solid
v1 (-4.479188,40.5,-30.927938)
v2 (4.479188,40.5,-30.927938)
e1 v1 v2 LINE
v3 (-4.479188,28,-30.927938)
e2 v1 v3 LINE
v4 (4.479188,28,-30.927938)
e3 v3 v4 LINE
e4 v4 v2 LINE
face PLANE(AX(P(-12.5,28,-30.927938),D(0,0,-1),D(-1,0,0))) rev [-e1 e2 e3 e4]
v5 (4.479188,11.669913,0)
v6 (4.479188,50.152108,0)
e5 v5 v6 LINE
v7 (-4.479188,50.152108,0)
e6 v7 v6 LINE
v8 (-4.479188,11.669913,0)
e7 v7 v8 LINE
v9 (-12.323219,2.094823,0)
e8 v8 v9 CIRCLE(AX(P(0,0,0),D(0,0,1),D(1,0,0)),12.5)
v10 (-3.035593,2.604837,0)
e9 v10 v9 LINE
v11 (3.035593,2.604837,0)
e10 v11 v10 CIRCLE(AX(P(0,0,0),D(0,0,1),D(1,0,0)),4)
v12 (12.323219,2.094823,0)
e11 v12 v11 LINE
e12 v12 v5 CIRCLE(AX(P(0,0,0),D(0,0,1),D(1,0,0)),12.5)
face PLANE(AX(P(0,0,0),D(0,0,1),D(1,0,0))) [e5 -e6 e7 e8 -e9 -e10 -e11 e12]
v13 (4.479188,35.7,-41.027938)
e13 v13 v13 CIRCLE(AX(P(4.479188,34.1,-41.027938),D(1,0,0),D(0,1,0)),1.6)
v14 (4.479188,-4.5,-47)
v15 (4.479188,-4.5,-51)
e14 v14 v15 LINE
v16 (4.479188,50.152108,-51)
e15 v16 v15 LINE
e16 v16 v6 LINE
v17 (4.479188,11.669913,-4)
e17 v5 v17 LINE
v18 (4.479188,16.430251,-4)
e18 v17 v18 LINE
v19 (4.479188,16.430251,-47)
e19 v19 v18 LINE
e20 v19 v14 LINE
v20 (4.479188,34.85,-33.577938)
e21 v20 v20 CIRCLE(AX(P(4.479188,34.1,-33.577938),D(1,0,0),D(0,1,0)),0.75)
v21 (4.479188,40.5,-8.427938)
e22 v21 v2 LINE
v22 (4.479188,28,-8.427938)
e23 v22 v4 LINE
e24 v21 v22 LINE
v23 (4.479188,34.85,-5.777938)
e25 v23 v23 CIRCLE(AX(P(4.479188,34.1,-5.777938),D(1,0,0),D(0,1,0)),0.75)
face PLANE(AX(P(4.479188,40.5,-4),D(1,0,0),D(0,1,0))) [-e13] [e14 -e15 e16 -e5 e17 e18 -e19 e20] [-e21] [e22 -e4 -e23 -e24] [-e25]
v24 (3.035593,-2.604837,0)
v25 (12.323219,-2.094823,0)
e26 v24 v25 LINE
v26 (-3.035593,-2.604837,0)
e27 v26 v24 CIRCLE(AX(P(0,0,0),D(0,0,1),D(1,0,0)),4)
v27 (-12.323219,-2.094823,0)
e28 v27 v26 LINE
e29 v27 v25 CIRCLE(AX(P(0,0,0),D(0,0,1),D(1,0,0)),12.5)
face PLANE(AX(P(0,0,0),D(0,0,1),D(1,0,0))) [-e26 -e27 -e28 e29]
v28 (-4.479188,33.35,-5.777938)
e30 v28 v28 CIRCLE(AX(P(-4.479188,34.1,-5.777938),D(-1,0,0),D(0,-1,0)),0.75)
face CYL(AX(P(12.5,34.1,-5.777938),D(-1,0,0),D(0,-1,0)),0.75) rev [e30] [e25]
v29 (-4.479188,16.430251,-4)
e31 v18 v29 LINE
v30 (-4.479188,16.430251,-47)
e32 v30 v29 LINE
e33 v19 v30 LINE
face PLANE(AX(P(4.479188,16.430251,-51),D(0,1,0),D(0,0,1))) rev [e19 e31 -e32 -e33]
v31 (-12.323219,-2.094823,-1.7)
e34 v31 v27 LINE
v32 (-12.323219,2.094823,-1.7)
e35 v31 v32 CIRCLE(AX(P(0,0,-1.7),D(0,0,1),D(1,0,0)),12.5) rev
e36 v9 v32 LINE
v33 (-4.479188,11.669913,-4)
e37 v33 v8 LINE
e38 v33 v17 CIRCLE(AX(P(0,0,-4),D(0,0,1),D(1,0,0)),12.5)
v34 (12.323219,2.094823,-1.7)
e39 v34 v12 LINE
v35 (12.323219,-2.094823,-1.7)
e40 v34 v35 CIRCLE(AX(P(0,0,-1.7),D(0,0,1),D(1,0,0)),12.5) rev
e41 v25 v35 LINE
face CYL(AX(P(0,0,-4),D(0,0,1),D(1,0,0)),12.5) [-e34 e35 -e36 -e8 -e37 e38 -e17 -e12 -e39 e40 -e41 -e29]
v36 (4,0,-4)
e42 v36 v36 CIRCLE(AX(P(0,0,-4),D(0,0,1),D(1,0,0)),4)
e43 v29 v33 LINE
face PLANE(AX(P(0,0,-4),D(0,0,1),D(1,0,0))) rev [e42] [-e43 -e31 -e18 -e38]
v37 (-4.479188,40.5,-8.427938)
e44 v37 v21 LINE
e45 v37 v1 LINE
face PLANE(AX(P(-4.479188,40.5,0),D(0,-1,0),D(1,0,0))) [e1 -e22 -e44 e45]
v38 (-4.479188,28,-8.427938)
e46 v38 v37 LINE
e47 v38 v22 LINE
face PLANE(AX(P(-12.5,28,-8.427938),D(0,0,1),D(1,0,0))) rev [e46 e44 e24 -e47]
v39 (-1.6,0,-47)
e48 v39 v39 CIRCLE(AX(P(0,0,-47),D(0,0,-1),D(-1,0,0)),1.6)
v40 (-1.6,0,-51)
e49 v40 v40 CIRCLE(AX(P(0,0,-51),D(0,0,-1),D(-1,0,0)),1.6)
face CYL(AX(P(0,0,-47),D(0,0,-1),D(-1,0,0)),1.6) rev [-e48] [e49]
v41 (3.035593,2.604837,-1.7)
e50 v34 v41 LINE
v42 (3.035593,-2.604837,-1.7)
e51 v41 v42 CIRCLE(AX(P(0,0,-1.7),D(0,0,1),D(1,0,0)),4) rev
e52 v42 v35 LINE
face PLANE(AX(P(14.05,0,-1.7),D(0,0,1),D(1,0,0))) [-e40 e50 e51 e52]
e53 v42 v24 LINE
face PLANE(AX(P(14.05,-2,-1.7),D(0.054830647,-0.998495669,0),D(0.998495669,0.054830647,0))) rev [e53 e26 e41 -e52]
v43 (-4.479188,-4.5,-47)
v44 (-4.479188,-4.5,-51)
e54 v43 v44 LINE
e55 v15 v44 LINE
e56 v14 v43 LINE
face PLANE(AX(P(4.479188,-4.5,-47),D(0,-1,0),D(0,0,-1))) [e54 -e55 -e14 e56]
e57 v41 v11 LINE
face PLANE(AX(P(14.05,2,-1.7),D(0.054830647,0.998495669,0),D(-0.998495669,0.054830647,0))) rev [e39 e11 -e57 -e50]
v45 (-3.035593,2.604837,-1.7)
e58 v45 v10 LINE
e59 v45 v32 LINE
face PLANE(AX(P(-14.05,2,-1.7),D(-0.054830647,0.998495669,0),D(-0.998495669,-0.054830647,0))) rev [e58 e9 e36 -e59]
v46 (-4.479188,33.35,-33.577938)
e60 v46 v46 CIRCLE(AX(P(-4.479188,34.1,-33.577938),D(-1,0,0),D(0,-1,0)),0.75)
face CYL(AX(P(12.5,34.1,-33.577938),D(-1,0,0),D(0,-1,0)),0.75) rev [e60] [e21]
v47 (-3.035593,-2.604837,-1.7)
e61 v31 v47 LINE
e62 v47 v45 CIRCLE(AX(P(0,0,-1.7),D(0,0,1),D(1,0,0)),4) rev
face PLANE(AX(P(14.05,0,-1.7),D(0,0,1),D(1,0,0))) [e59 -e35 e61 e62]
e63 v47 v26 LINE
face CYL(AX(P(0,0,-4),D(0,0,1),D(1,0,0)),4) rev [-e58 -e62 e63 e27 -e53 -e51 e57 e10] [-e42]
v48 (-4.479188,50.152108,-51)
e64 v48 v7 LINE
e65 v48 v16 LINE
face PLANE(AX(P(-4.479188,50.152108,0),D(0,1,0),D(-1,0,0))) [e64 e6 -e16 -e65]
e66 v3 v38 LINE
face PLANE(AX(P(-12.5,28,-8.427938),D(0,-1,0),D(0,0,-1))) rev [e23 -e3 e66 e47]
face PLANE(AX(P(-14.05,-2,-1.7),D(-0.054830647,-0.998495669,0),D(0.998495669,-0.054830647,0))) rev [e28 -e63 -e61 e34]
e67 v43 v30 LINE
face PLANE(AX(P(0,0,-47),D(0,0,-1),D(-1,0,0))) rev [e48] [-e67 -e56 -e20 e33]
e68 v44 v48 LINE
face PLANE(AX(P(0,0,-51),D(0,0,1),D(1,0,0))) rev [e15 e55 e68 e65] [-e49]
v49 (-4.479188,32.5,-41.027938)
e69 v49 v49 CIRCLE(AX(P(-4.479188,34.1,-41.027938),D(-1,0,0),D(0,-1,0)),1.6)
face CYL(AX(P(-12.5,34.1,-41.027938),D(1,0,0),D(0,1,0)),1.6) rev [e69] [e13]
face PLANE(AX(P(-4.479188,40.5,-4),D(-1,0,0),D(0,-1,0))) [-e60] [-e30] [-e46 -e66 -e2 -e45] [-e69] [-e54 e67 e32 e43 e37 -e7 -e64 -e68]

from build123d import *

# Parameters (mm, degrees)
SKETCH1_R           = 12.5
SKETCH1_R_2         = 4
BOSS_EXTRUDE1_DEPTH = 4
CUT_EXTRUDE1_DEPTH  = 1.7
SKETCH3_W           = 8.958376624
SKETCH3_H           = 30
BOSS_EXTRUDE2_DEPTH = 4
SKETCH4_W           = 8.958376624
SKETCH4_H           = 24.069748571
BOSS_EXTRUDE3_DEPTH = 47
SKETCH5_W           = 8.958376624
SKETCH5_H           = 45
SKETCH5_R           = 1.6
BOSS_EXTRUDE4_DEPTH = 4
SKETCH6_W           = 22.5
SKETCH6_H           = 12.5
CUT_EXTRUDE2_DEPTH  = 68.301878397
SKETCH7_R           = 1.6
CUT_EXTRUDE3_DEPTH  = 68.301878397
SKETCH8_R           = 0.75
CUT_EXTRUDE4_DEPTH  = 68.301878397
SKETCH9_W           = 51
SKETCH9_H           = 9.652107549
BOSS_EXTRUDE5_DEPTH = 8.95837662


with BuildPart() as part:
    # Sketch1 → Boss-Extrude1 (new body)
    with BuildSketch(Plane.XY):
        Circle(SKETCH1_R)
        Circle(SKETCH1_R_2, mode=Mode.SUBTRACT)
    extrude(amount=-BOSS_EXTRUDE1_DEPTH)

    # Sketch2 → Cut-Extrude1 (cut)
    with BuildSketch(Plane.XY):
        with BuildLine():
            Line((14.05, 2), (3.035592941, 2.604836943))
            ThreePointArc((3.035592941, 2.604836943), (0, 4), (-3.035592941, 2.604836943))
            Line((-3.035592941, 2.604836943), (-14.05, 2))
            ThreePointArc((-14.05, 2), (-16.05, 0), (-14.05, -2))
            Line((-14.05, -2), (-3.035592941, -2.604836943))
            ThreePointArc((-3.035592941, -2.604836943), (0, -4), (3.035592941, -2.604836943))
            Line((3.035592941, -2.604836943), (14.05, -2))
            ThreePointArc((14.05, -2), (16.05, 0), (14.05, 2))
        make_face()
    extrude(amount=-CUT_EXTRUDE1_DEPTH, mode=Mode.SUBTRACT)

    # Sketch3 → Boss-Extrude2 (add)
    with BuildSketch(Plane.XY):
        with Locations((0, 25.5)):
            Rectangle(SKETCH3_W, SKETCH3_H)
    extrude(amount=-BOSS_EXTRUDE2_DEPTH)

    # Sketch4 → Boss-Extrude3 (add)
    with BuildSketch(Plane(origin=(0, 0, -4), x_dir=(-1, 0, 0), z_dir=(0, 0, -1))):
        with Locations((0, 28.465125715)):
            Rectangle(SKETCH4_W, SKETCH4_H)
    extrude(amount=BOSS_EXTRUDE3_DEPTH)

    # Sketch5 → Boss-Extrude4 (add)
    with BuildSketch(Plane(origin=(0, 0, -51), x_dir=(-1, 0, 0), z_dir=(0, 0, -1))):
        with Locations((0, 18)):
            Rectangle(SKETCH5_W, SKETCH5_H)
        Circle(SKETCH5_R, mode=Mode.SUBTRACT)
    extrude(amount=-BOSS_EXTRUDE4_DEPTH)

    # Sketch6 → Cut-Extrude2 (cut, through all)
    with BuildSketch(Plane(origin=(4.479188312, 0, 0), x_dir=(0, 0, -1), z_dir=(1, 0, 0))):
        with Locations((19.677937554, 34.25)):
            Rectangle(SKETCH6_W, SKETCH6_H)
    extrude(amount=-CUT_EXTRUDE2_DEPTH, mode=Mode.SUBTRACT)

    # Sketch7 → Cut-Extrude3 (cut, through all)
    with BuildSketch(Plane(origin=(4.479188312, 0, 0), x_dir=(0, 0, -1), z_dir=(1, 0, 0))):
        with Locations((41.027937554, 34.1)):
            Circle(SKETCH7_R)
    extrude(amount=-CUT_EXTRUDE3_DEPTH, mode=Mode.SUBTRACT)

    # Sketch8 → Cut-Extrude4 (cut, through all)
    with BuildSketch(Plane.ZY.offset(4.479188312)):
        with Locations((-33.577937554, 34.1)):
            Circle(SKETCH8_R)
        with Locations((-5.777937554, 34.1)):
            Circle(SKETCH8_R)
    extrude(amount=-CUT_EXTRUDE4_DEPTH, mode=Mode.SUBTRACT)

    # Sketch9 → Boss-Extrude5 (add)
    with BuildSketch(Plane(origin=(4.479188312, 0, 0), x_dir=(0, 0, -1), z_dir=(1, 0, 0))):
        with Locations((25.5, 45.326053774)):
            Rectangle(SKETCH9_W, SKETCH9_H)
    extrude(amount=-BOSS_EXTRUDE5_DEPTH)


solid = part.part
